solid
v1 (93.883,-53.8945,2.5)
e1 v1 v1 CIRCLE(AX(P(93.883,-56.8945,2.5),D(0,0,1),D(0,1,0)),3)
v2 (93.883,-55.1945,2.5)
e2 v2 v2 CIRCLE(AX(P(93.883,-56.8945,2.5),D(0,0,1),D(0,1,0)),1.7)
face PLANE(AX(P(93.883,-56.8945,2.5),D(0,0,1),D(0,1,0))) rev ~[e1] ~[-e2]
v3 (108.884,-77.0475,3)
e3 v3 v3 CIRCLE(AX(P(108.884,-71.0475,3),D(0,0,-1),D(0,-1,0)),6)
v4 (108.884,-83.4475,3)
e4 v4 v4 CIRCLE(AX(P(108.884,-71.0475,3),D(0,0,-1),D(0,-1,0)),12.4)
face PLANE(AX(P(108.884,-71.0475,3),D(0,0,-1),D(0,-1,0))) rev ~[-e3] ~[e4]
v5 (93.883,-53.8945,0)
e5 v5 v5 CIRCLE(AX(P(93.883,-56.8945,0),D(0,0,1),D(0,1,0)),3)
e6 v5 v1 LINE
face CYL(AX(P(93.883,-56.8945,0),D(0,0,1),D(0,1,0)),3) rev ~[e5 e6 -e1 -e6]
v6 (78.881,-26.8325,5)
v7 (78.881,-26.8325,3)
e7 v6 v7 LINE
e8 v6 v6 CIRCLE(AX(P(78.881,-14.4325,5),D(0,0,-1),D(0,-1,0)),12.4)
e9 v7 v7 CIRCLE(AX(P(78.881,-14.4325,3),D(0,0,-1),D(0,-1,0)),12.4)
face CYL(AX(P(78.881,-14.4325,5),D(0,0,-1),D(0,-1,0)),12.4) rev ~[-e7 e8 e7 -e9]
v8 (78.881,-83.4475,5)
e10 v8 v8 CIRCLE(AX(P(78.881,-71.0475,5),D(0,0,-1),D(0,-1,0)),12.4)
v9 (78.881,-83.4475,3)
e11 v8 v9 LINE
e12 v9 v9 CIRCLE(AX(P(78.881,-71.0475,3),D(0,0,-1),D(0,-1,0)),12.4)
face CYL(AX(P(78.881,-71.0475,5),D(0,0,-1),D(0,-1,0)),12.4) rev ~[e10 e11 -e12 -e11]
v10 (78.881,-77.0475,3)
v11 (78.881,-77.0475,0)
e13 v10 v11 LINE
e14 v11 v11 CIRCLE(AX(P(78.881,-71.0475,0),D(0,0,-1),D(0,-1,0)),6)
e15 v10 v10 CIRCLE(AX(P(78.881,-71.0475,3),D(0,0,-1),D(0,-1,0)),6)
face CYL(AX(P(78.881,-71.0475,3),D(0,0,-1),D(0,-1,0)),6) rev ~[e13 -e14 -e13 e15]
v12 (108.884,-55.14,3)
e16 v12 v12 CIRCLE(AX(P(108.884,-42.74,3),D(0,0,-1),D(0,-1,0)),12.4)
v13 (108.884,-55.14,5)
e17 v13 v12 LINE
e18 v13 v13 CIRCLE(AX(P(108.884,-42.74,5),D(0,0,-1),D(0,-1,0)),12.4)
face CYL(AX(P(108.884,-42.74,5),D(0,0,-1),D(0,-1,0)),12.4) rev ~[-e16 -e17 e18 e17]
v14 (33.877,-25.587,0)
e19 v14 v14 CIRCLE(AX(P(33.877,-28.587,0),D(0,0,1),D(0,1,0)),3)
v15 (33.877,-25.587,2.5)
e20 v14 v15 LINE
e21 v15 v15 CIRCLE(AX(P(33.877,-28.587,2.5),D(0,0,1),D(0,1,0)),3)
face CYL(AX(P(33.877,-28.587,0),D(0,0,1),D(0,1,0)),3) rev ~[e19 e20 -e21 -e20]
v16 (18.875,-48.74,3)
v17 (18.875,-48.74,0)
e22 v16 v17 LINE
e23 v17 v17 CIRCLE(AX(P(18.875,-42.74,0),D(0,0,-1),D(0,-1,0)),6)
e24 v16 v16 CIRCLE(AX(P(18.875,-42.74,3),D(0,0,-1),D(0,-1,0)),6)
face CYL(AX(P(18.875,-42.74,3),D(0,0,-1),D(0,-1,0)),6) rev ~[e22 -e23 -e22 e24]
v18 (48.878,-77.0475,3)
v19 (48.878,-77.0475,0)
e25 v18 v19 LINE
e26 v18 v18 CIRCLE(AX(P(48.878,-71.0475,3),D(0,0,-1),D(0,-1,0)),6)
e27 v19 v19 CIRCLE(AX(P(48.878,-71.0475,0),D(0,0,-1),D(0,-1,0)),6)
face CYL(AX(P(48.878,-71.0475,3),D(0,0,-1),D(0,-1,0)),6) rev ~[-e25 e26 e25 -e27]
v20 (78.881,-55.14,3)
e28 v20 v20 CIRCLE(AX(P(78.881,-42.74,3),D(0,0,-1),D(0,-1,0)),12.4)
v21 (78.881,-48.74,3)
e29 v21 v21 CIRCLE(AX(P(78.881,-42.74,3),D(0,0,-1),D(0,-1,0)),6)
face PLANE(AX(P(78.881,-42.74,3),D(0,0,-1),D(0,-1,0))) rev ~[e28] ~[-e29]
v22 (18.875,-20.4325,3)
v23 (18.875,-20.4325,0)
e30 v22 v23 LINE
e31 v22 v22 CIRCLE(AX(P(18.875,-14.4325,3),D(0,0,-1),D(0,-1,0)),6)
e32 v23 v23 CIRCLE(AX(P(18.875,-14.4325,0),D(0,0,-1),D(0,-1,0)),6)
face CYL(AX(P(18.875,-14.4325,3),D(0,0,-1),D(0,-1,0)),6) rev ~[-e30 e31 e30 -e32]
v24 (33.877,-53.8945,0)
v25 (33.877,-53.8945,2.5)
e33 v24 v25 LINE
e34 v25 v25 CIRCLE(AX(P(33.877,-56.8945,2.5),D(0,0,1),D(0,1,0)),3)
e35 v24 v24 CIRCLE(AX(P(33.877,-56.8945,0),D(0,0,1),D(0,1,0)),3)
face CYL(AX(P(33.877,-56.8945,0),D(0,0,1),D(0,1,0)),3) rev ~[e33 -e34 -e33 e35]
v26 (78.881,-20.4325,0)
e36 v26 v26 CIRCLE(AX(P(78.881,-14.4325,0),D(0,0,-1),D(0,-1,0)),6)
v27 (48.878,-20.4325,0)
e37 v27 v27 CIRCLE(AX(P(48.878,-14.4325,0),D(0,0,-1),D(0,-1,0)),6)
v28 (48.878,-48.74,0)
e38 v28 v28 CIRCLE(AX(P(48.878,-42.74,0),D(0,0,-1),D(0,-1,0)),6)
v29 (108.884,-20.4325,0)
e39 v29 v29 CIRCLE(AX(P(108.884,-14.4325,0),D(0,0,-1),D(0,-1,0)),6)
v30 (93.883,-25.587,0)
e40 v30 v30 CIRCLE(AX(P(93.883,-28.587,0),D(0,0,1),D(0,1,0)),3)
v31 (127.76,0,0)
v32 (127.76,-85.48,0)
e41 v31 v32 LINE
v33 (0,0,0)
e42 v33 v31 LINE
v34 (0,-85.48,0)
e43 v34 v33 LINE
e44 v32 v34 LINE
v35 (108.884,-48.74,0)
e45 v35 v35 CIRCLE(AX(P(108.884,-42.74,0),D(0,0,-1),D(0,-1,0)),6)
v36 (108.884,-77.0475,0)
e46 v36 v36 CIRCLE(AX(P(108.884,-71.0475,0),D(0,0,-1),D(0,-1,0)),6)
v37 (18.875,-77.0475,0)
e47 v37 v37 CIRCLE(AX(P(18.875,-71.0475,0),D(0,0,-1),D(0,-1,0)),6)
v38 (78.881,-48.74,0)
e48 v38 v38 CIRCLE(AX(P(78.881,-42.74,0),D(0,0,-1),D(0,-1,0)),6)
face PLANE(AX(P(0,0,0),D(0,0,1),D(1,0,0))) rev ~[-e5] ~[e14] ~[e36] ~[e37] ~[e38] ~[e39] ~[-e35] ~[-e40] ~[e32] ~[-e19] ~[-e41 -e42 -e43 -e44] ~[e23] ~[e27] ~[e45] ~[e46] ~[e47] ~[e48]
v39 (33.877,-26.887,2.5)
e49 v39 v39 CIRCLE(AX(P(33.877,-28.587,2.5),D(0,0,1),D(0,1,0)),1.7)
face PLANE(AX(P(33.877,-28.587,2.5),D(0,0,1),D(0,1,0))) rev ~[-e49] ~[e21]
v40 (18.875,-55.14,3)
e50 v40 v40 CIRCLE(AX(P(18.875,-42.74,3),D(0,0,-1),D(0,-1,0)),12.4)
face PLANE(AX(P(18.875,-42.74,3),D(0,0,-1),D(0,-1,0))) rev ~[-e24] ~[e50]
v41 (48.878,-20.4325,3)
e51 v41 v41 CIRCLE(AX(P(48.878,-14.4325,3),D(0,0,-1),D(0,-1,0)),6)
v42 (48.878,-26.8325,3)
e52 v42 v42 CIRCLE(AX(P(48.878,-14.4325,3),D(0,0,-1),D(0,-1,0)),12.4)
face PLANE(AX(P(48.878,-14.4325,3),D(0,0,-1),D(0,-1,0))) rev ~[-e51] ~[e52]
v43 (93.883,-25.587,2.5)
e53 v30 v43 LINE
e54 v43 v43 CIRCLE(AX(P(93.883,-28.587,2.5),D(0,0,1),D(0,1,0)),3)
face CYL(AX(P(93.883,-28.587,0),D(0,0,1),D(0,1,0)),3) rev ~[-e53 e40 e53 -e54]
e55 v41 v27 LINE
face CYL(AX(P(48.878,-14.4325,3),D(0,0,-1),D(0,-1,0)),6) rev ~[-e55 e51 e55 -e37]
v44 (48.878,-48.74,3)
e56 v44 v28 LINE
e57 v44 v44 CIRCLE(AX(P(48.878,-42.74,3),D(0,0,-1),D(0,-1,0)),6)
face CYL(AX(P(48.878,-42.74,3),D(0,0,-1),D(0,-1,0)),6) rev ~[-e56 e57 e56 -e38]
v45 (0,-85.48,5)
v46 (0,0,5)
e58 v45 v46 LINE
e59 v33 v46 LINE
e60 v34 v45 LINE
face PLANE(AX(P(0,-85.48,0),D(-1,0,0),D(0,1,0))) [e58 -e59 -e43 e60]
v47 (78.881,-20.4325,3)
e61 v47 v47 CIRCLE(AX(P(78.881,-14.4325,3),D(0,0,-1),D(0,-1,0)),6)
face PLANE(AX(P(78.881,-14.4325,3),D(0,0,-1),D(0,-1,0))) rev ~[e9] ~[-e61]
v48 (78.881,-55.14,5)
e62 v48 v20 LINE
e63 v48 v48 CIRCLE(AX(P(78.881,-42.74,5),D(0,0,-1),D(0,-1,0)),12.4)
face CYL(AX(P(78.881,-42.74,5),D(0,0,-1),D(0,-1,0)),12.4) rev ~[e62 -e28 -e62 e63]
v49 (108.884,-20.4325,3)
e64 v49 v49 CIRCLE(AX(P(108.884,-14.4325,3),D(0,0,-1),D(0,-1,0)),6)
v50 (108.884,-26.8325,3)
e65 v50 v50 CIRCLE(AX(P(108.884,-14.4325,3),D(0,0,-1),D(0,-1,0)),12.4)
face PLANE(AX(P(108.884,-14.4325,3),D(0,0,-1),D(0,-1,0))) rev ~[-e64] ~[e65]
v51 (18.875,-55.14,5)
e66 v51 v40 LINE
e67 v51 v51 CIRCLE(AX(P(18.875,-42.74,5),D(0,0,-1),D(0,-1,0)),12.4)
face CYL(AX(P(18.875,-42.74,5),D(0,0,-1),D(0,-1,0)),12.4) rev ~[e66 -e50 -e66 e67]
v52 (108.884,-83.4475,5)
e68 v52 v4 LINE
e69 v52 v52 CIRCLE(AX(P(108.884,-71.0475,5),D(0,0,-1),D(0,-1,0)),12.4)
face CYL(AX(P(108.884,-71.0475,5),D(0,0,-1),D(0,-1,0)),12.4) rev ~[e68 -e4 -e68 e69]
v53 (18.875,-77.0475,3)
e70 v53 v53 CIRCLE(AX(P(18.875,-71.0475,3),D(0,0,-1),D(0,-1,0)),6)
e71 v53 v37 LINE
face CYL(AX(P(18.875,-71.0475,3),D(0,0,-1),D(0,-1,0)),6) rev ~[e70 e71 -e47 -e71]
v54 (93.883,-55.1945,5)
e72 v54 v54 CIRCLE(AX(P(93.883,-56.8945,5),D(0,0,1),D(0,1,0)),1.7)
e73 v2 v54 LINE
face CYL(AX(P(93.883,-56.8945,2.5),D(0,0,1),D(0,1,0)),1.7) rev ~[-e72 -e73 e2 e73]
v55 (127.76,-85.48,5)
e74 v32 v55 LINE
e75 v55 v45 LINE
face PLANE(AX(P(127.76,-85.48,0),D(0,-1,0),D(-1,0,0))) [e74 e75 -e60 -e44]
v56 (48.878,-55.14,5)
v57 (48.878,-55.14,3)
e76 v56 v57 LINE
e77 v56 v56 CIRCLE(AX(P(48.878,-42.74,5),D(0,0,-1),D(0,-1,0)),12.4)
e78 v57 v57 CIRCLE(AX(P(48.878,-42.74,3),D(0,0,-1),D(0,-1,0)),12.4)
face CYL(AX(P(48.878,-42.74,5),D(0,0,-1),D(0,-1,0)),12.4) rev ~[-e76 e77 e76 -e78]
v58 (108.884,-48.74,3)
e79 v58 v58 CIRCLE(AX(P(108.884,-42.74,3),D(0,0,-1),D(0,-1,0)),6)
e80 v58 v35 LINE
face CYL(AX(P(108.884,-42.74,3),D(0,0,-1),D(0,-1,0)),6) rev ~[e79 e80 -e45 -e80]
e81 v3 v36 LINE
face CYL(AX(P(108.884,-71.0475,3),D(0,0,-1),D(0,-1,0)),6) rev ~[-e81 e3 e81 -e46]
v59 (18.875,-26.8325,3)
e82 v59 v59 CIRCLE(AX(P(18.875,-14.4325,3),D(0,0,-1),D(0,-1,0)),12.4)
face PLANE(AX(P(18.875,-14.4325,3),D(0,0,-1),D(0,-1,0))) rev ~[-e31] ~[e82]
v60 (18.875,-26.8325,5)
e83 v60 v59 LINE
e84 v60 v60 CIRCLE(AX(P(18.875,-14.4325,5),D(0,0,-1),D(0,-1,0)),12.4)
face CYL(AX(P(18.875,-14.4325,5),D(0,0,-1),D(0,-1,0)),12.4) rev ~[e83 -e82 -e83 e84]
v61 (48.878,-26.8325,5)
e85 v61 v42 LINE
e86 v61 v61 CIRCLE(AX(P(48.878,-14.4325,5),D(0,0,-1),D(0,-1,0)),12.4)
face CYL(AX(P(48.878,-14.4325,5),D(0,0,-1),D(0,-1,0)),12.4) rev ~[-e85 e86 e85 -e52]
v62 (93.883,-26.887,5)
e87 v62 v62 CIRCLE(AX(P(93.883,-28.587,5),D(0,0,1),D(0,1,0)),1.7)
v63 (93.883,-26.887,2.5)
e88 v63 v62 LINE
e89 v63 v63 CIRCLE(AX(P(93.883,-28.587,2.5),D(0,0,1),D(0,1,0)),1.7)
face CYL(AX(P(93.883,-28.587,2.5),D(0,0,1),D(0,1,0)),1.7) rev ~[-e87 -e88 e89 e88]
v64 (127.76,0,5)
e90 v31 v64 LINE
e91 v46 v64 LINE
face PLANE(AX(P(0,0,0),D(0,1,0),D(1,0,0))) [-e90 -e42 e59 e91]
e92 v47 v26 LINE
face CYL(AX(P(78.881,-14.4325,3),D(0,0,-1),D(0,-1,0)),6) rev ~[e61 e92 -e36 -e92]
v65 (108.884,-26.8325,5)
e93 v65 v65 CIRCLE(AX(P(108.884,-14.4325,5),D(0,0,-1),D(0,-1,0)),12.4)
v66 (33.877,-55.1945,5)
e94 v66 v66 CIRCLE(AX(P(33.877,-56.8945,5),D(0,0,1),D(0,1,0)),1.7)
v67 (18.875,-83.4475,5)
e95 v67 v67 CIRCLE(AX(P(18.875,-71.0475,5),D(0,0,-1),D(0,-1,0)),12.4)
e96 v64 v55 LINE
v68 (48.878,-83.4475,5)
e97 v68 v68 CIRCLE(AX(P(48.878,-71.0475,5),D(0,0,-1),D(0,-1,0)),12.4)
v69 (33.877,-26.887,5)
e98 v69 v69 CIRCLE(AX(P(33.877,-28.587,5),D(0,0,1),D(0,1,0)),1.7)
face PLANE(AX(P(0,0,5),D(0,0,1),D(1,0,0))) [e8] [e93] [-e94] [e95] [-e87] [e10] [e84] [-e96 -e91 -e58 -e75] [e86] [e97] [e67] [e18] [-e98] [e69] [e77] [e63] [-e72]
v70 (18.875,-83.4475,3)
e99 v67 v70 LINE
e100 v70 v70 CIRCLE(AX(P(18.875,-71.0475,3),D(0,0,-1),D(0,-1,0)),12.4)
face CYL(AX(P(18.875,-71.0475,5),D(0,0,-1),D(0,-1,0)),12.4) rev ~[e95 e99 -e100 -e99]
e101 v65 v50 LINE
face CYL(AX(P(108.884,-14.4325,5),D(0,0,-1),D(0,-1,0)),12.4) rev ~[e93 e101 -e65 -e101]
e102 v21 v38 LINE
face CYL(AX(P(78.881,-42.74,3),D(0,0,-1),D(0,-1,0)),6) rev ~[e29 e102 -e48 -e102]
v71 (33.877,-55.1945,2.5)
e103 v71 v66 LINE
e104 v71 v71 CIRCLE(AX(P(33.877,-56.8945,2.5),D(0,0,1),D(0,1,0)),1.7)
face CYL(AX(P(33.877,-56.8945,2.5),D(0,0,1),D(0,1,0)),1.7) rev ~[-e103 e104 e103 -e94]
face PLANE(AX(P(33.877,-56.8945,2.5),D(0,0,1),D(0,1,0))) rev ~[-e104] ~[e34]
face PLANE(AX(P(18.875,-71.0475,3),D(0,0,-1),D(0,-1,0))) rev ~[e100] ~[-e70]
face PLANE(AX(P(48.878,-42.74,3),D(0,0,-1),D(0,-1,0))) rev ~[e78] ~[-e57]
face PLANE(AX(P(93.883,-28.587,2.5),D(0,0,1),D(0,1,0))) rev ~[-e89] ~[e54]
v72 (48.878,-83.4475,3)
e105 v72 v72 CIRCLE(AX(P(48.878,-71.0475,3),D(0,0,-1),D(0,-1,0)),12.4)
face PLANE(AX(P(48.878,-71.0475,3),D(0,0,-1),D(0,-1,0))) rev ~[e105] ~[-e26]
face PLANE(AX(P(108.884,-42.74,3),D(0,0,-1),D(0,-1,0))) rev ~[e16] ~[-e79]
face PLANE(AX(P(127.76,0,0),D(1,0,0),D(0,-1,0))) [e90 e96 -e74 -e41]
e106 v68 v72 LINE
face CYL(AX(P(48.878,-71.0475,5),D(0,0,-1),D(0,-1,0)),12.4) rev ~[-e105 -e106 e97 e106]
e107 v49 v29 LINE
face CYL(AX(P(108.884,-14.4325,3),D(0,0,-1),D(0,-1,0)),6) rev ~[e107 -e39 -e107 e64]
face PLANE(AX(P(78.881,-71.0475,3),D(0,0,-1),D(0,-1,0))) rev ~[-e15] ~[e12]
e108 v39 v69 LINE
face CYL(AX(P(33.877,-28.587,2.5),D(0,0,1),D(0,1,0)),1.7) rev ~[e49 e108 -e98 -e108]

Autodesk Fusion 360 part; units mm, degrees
sketch "Sketch1" plane through (0, 0, 0) normal (0, 0, 1) x (1, 0, 0)
  line L0 (0, 0) -> (127.76, 0)
  line L1 (127.76, 0) -> (127.76, -85.48)
  line L2 (127.76, -85.48) -> (0, -85.48)
  line L3 (0, -85.48) -> (0, 0)
  dimension "d1" = 127.76
  dimension "d2" = 85.48
extrude "Extrude1" add sketch "Sketch1" along normal blind 5
sketch "Sketch7" plane through (0, 0, 5) normal (0, 0, 1) x (-1, 0, 0)
  line L0 (0, 85.48) -> (-127.76, 85.48)
  line L1 (-127.76, 85.48) -> (-127.76, 0)
  line L2 (-127.76, 0) -> (0, 0)
  line L3 (0, 0) -> (0, 85.48)
  point P0 (-18.875, 14.4325)
  point P1 (-48.878, 14.4325)
  point P2 (-78.881, 14.4325)
  point P3 (-108.884, 14.4325)
  point P4 (-18.875, 42.74)
  point P5 (-48.878, 42.74)
  point P6 (-78.881, 42.74)
  point P7 (-108.884, 42.74)
  point P8 (-18.875, 71.0475)
  point P9 (-48.878, 71.0475)
  point P10 (-78.881, 71.0475)
  point P11 (-108.884, 71.0475)
  dimension "d42" = -30.003
  dimension "d43" = 28.3075
hole "Hole1" at (18.875, -14.4325, 5) at (18.875, -42.74, 5) at (18.875, -71.0475, 5) at (48.878, -71.0475, 5) at (48.878, -42.74, 5) at (48.878, -14.4325, 5) at (78.881, -14.4325, 5) at (78.881, -42.74, 5) at (78.881, -71.0475, 5) at (108.884, -71.0475, 5) at (108.884, -42.74, 5) at (108.884, -14.4325, 5) direction (0, 0, -1) diameter 12 depth 13 tip angle 180 counterbore diameter 24.8 counterbore depth 2
sketch "Sketch8" plane through (0, 0, 0) normal (0, 0, -1) x (1, 0, 0)
  circle A0 centre (108.884, 42.74) radius 6
  circle A1 centre (78.881, 71.0475) radius 6
  circle A2 centre (78.881, 14.4325) radius 6
  circle A3 centre (48.878, 42.74) radius 6
  circle A4 centre (18.875, 71.0475) radius 6
  circle A5 centre (18.875, 14.4325) radius 6
  circle A6 centre (18.875, 42.74) radius 6
  circle A7 centre (48.878, 71.0475) radius 6
  circle A8 centre (48.878, 14.4325) radius 6
  circle A9 centre (78.881, 42.74) radius 6
  circle A10 centre (108.884, 71.0475) radius 6
  circle A11 centre (108.884, 14.4325) radius 6
  line L0 (127.76, 85.48) -> (0, 85.48)
  line L1 (0, 85.48) -> (0, 0)
  line L2 (0, 0) -> (127.76, 0)
  line L3 (127.76, 0) -> (127.76, 85.48)
  point P0 (33.877, 28.587)
  point P1 (93.883, 28.587)
  point P2 (33.877, 56.8945)
  point P3 (93.883, 56.8945)
  dimension "d52" = 60.006
  dimension "d53" = 28.3075
hole "Hole3" at (33.877, -56.8945, 0) at (33.877, -28.587, 0) at (93.883, -56.8945, 0) at (93.883, -28.587, 0) direction (0, 0, 1) diameter 3.4 depth 20 tip angle 118 counterbore diameter 6 counterbore depth 2.5
